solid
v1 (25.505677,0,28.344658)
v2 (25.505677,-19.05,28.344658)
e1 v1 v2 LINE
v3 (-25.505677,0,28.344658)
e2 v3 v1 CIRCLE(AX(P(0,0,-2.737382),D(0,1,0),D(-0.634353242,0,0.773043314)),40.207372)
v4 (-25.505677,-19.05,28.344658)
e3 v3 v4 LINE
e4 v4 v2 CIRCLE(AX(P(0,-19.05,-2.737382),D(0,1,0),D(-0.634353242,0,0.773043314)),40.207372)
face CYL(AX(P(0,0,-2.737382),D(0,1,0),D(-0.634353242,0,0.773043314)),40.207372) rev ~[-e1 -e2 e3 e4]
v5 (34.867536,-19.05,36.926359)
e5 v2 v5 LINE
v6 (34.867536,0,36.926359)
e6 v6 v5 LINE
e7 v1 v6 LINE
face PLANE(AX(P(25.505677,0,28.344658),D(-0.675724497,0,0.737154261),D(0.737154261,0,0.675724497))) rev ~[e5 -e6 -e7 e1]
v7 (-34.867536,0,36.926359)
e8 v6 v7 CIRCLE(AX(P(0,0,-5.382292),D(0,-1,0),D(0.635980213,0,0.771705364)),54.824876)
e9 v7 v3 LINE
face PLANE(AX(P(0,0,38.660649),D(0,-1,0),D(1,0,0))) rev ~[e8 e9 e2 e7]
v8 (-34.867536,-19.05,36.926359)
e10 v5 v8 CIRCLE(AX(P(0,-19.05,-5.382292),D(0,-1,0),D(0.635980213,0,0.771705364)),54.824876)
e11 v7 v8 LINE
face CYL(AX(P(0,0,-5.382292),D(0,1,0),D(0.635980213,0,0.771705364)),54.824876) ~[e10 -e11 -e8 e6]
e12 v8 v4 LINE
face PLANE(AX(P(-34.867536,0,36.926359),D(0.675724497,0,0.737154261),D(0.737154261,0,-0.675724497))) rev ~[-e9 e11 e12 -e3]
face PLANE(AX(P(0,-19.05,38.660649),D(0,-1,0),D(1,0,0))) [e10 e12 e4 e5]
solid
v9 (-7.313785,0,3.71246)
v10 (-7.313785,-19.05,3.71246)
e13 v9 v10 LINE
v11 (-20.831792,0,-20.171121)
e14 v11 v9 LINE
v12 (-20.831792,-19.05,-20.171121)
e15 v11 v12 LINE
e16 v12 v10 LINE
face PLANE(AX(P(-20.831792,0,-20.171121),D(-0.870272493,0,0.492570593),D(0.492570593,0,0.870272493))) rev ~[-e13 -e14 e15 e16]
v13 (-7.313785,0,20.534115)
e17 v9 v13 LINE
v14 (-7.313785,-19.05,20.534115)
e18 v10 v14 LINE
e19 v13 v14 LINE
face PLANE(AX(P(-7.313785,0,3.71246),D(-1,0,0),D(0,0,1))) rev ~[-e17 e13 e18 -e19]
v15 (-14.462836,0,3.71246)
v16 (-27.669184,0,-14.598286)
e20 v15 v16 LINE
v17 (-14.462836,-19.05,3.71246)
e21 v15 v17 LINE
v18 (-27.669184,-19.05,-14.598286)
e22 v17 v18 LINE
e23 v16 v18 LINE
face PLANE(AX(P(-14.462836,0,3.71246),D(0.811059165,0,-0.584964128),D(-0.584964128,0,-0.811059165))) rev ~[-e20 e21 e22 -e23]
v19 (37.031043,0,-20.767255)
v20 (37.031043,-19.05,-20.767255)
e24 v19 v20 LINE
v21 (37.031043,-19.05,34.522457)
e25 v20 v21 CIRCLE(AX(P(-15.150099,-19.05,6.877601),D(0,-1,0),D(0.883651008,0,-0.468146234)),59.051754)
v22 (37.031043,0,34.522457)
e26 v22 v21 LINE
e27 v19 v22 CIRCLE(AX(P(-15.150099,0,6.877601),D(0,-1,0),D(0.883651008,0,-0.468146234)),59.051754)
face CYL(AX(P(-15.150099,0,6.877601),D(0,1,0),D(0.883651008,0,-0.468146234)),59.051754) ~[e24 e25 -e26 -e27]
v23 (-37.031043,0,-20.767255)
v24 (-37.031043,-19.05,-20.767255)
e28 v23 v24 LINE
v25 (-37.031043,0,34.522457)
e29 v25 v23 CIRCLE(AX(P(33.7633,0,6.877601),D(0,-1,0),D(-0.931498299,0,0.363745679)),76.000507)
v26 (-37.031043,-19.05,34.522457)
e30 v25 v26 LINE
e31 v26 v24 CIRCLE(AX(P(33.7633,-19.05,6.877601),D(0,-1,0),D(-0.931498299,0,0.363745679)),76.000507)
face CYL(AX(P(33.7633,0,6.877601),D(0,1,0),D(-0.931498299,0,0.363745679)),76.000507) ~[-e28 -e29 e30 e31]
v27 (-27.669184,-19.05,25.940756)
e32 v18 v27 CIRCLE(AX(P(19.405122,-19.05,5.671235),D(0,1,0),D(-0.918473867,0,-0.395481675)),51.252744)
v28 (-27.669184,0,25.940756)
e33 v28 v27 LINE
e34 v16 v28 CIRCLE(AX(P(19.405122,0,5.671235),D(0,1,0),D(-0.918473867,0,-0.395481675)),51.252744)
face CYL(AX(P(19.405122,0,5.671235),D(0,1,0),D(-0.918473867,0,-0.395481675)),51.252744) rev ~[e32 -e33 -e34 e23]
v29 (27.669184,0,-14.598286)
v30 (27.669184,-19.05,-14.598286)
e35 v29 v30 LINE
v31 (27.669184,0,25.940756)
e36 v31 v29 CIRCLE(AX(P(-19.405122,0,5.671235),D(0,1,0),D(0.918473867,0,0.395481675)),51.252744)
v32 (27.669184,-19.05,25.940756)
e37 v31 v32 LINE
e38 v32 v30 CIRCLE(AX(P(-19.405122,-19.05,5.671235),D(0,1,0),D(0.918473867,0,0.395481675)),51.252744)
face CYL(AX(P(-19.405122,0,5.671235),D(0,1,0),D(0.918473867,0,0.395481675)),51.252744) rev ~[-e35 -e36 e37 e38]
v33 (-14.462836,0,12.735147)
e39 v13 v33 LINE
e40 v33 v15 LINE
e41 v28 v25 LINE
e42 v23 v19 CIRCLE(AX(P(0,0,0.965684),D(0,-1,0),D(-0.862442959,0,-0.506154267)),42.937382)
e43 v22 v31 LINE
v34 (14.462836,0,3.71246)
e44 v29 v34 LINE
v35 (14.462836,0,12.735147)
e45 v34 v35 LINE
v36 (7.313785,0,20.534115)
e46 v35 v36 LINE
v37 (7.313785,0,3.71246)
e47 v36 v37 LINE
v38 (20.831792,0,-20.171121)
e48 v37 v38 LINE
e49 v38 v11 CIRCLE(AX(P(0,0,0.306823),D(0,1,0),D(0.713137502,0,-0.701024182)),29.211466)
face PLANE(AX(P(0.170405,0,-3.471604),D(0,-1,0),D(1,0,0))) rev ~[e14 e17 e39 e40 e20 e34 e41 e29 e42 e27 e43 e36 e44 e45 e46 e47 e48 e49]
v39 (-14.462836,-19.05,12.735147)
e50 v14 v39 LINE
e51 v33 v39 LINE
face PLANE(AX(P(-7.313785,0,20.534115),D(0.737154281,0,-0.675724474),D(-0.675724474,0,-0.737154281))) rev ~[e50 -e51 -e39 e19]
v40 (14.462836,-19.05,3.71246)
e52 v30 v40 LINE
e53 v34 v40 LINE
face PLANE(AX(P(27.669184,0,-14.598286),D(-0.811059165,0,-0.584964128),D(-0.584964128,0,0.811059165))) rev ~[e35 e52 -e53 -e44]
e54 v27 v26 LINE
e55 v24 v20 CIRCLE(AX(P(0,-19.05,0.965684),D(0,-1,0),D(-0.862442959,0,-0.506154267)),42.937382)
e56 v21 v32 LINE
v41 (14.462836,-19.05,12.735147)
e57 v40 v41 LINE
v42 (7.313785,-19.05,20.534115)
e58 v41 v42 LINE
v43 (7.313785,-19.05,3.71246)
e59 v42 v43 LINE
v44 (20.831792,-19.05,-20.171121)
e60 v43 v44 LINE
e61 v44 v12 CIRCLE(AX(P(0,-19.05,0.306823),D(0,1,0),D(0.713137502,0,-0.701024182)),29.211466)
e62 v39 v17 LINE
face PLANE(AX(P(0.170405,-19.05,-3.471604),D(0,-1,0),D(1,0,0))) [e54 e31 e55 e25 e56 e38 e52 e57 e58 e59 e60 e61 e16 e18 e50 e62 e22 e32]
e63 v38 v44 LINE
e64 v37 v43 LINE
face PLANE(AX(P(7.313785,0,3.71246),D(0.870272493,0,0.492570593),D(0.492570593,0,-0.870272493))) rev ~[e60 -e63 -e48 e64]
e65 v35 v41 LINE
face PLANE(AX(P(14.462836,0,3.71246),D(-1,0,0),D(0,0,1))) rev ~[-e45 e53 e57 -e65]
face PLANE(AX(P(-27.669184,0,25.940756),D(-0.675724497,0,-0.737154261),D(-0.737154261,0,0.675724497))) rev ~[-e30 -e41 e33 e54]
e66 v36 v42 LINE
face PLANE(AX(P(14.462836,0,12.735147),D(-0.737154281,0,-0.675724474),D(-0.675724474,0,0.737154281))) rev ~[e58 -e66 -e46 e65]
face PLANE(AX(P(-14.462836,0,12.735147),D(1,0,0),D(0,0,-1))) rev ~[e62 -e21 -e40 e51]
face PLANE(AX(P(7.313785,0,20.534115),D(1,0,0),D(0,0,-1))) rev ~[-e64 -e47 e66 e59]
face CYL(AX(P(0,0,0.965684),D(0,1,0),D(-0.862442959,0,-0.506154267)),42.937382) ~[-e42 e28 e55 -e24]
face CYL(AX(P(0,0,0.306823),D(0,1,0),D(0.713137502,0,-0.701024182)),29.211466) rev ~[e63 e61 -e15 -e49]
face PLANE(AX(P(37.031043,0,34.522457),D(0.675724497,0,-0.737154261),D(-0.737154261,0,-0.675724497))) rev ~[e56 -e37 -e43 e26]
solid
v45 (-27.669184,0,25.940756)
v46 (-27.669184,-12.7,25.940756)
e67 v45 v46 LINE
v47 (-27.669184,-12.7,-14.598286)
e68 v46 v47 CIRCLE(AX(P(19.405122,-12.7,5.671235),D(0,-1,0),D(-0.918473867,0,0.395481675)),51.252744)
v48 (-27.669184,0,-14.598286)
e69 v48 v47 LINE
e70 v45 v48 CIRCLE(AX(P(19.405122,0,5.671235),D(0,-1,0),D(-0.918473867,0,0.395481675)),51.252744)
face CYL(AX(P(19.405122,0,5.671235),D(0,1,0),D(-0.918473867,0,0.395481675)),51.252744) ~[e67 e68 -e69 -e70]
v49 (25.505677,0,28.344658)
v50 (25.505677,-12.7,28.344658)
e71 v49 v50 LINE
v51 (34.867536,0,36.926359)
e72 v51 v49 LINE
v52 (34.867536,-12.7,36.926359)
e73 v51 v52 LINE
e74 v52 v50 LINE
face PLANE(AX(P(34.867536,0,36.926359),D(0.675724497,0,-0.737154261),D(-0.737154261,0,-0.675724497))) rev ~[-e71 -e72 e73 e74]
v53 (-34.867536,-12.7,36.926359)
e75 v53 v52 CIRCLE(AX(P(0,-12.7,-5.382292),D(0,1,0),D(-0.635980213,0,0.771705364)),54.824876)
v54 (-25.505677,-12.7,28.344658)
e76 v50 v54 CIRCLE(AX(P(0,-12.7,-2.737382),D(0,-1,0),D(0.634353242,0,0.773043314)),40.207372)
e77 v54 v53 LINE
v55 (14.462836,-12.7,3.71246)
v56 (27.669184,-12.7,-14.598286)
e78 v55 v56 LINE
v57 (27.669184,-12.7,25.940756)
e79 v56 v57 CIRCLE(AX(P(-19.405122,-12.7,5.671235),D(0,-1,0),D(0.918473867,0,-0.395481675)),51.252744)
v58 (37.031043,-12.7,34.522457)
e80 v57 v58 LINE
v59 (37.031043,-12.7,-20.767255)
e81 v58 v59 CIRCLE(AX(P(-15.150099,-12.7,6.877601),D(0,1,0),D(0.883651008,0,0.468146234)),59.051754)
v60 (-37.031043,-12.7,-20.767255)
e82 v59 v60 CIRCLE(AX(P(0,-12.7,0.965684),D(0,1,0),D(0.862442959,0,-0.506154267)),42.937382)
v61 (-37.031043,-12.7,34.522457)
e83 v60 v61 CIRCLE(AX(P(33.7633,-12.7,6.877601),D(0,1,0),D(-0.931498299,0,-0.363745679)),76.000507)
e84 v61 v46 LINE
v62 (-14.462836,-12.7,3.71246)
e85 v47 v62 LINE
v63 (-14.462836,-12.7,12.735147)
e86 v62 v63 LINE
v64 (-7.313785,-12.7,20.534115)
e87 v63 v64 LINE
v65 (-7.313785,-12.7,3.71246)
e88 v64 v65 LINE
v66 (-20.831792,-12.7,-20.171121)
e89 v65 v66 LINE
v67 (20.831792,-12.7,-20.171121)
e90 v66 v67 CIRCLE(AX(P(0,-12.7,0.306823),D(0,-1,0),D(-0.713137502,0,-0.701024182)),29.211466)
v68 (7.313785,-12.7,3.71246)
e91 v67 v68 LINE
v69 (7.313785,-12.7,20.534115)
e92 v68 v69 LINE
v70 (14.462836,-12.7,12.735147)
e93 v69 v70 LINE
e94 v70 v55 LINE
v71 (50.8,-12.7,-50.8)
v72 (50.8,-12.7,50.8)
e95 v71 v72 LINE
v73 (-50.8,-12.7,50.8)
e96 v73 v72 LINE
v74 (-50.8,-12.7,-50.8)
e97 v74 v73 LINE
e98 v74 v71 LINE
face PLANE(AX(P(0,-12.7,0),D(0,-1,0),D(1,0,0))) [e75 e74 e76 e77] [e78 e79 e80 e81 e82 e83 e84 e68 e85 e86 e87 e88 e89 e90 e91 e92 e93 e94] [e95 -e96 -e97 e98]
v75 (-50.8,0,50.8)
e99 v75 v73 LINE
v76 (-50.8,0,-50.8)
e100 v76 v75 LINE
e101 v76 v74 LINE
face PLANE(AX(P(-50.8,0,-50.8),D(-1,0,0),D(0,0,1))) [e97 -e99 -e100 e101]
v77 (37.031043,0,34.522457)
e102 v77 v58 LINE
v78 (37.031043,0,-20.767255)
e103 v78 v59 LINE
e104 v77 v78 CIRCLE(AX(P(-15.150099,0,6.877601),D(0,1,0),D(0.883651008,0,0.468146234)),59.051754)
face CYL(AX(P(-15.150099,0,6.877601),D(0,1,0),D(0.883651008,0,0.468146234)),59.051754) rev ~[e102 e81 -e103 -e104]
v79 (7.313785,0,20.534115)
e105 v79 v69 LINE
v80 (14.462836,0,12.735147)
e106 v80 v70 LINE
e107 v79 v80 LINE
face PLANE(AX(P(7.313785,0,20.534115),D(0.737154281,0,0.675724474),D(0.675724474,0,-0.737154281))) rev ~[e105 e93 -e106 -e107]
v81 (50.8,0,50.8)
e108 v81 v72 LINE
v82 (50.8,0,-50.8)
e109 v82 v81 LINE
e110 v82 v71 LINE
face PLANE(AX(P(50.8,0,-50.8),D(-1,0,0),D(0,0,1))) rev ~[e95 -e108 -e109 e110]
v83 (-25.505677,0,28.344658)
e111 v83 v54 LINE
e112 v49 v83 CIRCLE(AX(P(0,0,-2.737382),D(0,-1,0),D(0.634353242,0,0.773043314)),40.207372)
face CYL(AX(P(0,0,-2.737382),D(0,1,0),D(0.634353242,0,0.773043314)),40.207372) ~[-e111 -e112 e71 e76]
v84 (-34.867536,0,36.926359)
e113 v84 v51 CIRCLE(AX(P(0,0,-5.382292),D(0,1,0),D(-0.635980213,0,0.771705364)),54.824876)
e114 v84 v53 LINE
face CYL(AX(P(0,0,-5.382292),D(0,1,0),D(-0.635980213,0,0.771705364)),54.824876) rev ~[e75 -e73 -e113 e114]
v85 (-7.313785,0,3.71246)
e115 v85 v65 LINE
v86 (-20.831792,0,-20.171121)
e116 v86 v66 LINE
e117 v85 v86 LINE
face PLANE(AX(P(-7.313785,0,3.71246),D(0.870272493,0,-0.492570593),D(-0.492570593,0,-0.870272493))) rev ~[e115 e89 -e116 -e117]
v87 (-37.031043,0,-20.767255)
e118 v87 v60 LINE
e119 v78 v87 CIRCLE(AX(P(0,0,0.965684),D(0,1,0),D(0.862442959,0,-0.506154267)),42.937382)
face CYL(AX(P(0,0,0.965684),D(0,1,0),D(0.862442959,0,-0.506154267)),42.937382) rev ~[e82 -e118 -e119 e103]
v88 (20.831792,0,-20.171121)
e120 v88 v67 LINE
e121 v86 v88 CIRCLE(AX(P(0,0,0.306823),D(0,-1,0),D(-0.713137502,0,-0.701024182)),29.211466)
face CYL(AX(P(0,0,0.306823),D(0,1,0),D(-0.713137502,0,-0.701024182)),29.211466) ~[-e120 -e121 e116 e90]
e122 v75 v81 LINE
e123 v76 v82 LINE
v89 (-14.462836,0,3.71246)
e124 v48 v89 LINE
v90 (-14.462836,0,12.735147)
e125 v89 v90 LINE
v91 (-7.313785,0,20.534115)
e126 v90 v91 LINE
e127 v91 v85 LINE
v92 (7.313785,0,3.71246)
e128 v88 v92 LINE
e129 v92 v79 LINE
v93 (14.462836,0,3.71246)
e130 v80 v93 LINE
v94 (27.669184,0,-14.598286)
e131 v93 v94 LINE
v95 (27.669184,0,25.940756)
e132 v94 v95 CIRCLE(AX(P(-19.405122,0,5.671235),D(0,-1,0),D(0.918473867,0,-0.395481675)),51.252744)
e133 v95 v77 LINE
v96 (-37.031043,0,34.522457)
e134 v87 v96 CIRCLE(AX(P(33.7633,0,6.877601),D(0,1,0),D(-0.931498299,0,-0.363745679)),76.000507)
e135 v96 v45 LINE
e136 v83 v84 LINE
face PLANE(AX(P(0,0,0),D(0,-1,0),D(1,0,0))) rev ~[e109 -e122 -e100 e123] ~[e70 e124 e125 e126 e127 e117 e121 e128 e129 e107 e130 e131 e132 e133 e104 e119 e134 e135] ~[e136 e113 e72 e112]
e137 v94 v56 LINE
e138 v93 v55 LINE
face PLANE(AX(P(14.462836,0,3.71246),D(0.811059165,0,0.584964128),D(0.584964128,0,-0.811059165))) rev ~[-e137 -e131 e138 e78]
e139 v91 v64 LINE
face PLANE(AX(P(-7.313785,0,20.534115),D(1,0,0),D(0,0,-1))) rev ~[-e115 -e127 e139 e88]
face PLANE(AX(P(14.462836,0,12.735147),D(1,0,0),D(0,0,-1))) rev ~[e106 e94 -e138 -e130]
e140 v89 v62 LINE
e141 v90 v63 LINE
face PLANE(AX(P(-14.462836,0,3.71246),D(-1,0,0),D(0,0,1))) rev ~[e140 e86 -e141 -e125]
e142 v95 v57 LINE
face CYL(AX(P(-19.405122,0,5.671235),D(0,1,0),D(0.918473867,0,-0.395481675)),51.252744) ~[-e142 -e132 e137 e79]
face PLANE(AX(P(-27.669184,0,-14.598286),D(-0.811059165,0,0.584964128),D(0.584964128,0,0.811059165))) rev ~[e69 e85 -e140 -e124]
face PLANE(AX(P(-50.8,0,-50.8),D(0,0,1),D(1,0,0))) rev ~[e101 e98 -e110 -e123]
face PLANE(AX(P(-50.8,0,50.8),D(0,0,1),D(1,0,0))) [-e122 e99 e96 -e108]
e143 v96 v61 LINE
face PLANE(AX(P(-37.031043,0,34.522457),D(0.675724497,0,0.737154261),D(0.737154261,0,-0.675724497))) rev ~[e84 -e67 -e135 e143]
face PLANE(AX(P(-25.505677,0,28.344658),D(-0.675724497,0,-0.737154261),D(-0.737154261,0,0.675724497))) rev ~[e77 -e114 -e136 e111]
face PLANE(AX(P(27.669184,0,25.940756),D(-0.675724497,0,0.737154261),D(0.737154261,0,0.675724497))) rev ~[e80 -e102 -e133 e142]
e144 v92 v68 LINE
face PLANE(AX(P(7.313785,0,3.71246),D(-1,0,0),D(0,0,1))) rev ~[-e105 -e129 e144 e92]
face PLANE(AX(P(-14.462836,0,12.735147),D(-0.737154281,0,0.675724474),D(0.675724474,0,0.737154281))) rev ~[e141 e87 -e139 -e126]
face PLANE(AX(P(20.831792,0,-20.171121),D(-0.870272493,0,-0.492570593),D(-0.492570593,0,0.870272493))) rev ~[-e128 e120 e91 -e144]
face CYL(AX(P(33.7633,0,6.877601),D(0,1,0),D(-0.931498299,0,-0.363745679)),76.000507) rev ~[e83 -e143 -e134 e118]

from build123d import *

# Parameters (mm, degrees)
F1_DEPTH = 19.05
F0_W     = 101.6
F0_H     = 101.6
F2_DEPTH = 12.7


with BuildPart() as f1:
    # F0 (on Front) → F1 (new body)
    with BuildSketch(Plane.XZ):
        with BuildLine():
            Line((25.505677, 28.344658), (34.867536, 36.926359))
            ThreePointArc((34.867536, 36.926359), (0, 49.442584), (-34.867536, 36.926359))
            Line((-34.867536, 36.926359), (-25.505677, 28.344658))
            ThreePointArc((-25.505677, 28.344658), (0, 37.46999), (25.505677, 28.344658))
        make_face()
        with BuildLine():
            ThreePointArc((37.031043, -20.767255), (43.901655, 6.877601), (37.031043, 34.522457))
            Line((37.031043, 34.522457), (27.669184, 25.940756))
            ThreePointArc((27.669184, 25.940756), (31.847622, 5.671235), (27.669184, -14.598286))
            Line((27.669184, -14.598286), (14.462836, 3.71246))
            Line((14.462836, 3.71246), (14.462836, 12.735147))
            Line((14.462836, 12.735147), (7.313785, 20.534115))
            Line((7.313785, 20.534115), (7.313785, 3.71246))
            Line((7.313785, 3.71246), (20.831792, -20.171121))
            ThreePointArc((20.831792, -20.171121), (0, -28.904643), (-20.831792, -20.171121))
            Line((-20.831792, -20.171121), (-7.313785, 3.71246))
            Line((-7.313785, 3.71246), (-7.313785, 20.534115))
            Line((-7.313785, 20.534115), (-14.462836, 12.735147))
            Line((-14.462836, 12.735147), (-14.462836, 3.71246))
            Line((-14.462836, 3.71246), (-27.669184, -14.598286))
            ThreePointArc((-27.669184, -14.598286), (-31.847622, 5.671235), (-27.669184, 25.940756))
            Line((-27.669184, 25.940756), (-37.031043, 34.522457))
            ThreePointArc((-37.031043, 34.522457), (-42.237207, 6.877601), (-37.031043, -20.767255))
            ThreePointArc((-37.031043, -20.767255), (0, -41.971698), (37.031043, -20.767255))
        make_face()
    extrude(amount=F1_DEPTH)


with BuildPart() as f2:
    # F0 (on Front) → F2 (new body)
    with BuildSketch(Plane.XZ):
        Rectangle(F0_W, F0_H)
        with BuildLine():
            Line((27.669184, 25.940756), (37.031043, 34.522457))
            ThreePointArc((37.031043, 34.522457), (43.901655, 6.877601), (37.031043, -20.767255))
            ThreePointArc((37.031043, -20.767255), (0, -41.971698), (-37.031043, -20.767255))
            ThreePointArc((-37.031043, -20.767255), (-42.237207, 6.877601), (-37.031043, 34.522457))
            Line((-37.031043, 34.522457), (-27.669184, 25.940756))
            ThreePointArc((-27.669184, 25.940756), (-31.847622, 5.671235), (-27.669184, -14.598286))
            Line((-27.669184, -14.598286), (-14.462836, 3.71246))
            Line((-14.462836, 3.71246), (-14.462836, 12.735147))
            Line((-14.462836, 12.735147), (-7.313785, 20.534115))
            Line((-7.313785, 20.534115), (-7.313785, 3.71246))
            Line((-7.313785, 3.71246), (-20.831792, -20.171121))
            ThreePointArc((-20.831792, -20.171121), (0, -28.904643), (20.831792, -20.171121))
            Line((20.831792, -20.171121), (7.313785, 3.71246))
            Line((7.313785, 3.71246), (7.313785, 20.534115))
            Line((7.313785, 20.534115), (14.462836, 12.735147))
            Line((14.462836, 12.735147), (14.462836, 3.71246))
            Line((14.462836, 3.71246), (27.669184, -14.598286))
            ThreePointArc((27.669184, -14.598286), (31.847622, 5.671235), (27.669184, 25.940756))
        make_face(mode=Mode.SUBTRACT)
        with BuildLine():
            ThreePointArc((-34.867536, 36.926359), (0, 49.442584), (34.867536, 36.926359))
            Line((34.867536, 36.926359), (25.505677, 28.344658))
            ThreePointArc((25.505677, 28.344658), (0, 37.46999), (-25.505677, 28.344658))
            Line((-25.505677, 28.344658), (-34.867536, 36.926359))
        make_face(mode=Mode.SUBTRACT)
    extrude(amount=F2_DEPTH)


solid = Compound([f1.part, f2.part])
